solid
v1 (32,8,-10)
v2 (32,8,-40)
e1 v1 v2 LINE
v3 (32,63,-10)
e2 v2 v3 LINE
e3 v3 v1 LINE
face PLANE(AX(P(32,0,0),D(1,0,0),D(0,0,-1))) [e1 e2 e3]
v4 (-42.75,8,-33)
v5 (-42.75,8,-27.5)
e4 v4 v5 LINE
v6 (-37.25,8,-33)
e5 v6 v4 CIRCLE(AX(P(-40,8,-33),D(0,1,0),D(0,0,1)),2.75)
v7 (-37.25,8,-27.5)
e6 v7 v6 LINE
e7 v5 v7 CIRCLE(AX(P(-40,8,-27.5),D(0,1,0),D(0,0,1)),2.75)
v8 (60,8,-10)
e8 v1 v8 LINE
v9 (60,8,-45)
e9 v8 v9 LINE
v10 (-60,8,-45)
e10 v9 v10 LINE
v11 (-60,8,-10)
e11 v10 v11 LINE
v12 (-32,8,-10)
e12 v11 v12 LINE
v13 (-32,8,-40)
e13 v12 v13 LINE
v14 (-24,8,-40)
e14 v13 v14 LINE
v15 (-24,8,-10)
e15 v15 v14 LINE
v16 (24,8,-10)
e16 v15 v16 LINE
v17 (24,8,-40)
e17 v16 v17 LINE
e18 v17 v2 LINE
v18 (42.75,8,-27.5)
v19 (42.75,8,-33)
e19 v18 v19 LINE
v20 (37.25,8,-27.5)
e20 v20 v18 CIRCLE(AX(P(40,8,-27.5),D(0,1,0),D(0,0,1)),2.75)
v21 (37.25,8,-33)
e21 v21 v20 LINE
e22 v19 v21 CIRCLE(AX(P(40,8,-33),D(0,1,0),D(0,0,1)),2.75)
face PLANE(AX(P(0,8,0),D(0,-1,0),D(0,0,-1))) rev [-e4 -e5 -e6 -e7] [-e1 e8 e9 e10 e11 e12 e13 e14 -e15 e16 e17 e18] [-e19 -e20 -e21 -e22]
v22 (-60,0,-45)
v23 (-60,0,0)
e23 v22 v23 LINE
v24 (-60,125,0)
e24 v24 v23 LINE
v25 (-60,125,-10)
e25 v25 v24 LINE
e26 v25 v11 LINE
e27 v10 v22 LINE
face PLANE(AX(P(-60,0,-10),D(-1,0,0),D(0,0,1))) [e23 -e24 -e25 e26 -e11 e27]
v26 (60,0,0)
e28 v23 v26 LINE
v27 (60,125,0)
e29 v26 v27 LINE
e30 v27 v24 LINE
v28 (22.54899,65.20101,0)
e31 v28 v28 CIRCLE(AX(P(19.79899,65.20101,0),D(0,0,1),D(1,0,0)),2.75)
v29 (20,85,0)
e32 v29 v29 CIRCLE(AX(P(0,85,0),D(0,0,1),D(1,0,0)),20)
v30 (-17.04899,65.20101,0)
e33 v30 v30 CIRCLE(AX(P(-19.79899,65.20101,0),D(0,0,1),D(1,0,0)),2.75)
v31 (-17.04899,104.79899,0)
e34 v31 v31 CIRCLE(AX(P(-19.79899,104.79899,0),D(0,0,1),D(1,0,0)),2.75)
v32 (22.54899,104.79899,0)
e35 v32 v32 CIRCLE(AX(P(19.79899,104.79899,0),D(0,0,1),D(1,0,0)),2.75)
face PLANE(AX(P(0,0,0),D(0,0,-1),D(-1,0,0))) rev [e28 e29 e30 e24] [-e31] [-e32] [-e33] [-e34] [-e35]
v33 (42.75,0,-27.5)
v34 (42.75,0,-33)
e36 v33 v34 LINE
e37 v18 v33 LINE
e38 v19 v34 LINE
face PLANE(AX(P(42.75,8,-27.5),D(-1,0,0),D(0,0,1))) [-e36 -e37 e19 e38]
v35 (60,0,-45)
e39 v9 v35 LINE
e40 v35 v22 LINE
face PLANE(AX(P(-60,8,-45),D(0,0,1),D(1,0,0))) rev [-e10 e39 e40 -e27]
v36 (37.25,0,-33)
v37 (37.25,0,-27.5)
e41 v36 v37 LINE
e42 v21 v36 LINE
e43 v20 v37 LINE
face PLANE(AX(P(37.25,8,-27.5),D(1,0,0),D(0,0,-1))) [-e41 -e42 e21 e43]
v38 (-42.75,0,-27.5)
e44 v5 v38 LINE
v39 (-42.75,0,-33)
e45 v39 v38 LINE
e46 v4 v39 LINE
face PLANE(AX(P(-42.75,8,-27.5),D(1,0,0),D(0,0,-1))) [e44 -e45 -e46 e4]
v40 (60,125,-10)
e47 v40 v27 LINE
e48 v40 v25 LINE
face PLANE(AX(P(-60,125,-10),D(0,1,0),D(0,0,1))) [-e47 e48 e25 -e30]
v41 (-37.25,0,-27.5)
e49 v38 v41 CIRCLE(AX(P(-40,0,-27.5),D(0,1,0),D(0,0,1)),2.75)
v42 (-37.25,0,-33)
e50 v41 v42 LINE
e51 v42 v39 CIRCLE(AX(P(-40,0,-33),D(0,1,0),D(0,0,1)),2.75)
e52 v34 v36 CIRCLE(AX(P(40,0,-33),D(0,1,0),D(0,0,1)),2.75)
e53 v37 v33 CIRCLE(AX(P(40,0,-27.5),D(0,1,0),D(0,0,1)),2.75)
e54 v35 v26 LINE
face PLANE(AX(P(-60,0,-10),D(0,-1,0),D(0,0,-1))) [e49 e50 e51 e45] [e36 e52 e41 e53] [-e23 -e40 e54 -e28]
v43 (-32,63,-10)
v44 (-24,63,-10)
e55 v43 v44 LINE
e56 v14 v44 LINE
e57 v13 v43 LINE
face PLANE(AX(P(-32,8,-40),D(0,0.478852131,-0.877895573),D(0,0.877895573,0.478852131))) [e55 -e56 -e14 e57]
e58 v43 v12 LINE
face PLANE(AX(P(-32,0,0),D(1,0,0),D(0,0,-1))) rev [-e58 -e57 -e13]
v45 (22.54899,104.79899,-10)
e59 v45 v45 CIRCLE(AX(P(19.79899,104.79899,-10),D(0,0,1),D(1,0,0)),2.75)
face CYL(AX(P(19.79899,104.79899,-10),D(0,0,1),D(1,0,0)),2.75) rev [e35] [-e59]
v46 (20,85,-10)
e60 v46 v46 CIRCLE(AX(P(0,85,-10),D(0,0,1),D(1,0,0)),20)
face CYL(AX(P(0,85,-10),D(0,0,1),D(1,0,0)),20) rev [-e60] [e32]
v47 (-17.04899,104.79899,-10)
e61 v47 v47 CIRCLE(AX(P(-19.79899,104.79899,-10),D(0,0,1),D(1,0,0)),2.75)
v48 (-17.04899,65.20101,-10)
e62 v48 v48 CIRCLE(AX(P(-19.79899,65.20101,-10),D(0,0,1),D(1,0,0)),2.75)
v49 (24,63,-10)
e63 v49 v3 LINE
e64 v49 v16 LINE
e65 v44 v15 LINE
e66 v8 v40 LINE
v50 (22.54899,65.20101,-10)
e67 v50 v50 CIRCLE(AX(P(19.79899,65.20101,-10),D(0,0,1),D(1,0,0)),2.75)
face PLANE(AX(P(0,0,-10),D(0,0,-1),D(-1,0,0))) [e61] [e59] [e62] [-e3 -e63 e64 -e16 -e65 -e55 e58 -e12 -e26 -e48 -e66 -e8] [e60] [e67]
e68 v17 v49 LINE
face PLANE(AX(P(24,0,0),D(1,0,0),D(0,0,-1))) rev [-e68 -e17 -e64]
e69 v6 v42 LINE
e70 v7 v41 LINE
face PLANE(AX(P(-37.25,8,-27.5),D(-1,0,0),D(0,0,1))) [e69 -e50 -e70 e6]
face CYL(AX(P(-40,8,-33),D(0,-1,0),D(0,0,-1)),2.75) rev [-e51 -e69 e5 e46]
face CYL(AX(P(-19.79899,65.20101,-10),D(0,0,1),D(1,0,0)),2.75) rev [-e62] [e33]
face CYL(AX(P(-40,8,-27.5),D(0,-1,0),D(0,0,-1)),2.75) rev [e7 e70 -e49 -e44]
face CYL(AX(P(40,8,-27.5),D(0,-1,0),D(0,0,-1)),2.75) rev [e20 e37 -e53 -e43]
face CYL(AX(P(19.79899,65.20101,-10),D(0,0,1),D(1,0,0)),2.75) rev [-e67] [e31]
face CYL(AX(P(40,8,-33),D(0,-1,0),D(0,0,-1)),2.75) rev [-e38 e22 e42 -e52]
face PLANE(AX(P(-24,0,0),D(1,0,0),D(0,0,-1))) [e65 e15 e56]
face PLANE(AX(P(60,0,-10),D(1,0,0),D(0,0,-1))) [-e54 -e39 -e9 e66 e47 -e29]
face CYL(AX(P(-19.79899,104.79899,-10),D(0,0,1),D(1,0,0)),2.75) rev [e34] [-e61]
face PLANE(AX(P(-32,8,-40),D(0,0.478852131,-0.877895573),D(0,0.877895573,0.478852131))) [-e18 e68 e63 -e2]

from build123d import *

# Parameters (mm, degrees)
SKETCH_1_W          = 120
SKETCH_1_H          = 125
SKETCH_1_R          = 20
SKETCH_1_R_2        = 2.75
EXTRUDE_1_DEPTH     = 10
SKETCH_2_W          = 120
SKETCH_2_H          = 35
EXTRUDE_3_DEPTH     = 8
EXTRUDE_4_DEPTH     = 32
CUT_EXTRUDE_1_DEPTH = 24


with BuildPart() as part:
    # 草图1 → 凸台-拉伸1 (new body)
    with BuildSketch(Plane.XY):
        with Locations((0, 62.5)):
            Rectangle(SKETCH_1_W, SKETCH_1_H)
        with Locations((0, 85)):
            Circle(SKETCH_1_R, mode=Mode.SUBTRACT)
        with Locations((19.798989873, 104.798989873)):
            Circle(SKETCH_1_R_2, mode=Mode.SUBTRACT)
        with Locations((-19.798989873, 104.798989873)):
            Circle(SKETCH_1_R_2, mode=Mode.SUBTRACT)
        with Locations((-19.798989873, 65.201010127)):
            Circle(SKETCH_1_R_2, mode=Mode.SUBTRACT)
        with Locations((19.798989873, 65.201010127)):
            Circle(SKETCH_1_R_2, mode=Mode.SUBTRACT)
    extrude(amount=-EXTRUDE_1_DEPTH)

    # 草图2 → 凸台-拉伸3 (add)
    with BuildSketch(Plane(origin=(0, 0, 0), x_dir=(1, 0, 0), z_dir=(0, 1, 0))):
        with Locations((0, 27.5)):
            Rectangle(SKETCH_2_W, SKETCH_2_H)
        with BuildLine():
            Line((-42.75, 27.5), (-42.75, 33))
            ThreePointArc((-42.75, 33), (-40, 35.75), (-37.25, 33))
            Line((-37.25, 33), (-37.25, 27.5))
            ThreePointArc((-37.25, 27.5), (-40, 24.75), (-42.75, 27.5))
        make_face(mode=Mode.SUBTRACT)
        with BuildLine():
            Line((37.25, 27.5), (37.25, 33))
            ThreePointArc((37.25, 33), (40, 35.75), (42.75, 33))
            Line((42.75, 33), (42.75, 27.5))
            ThreePointArc((42.75, 27.5), (40, 24.75), (37.25, 27.5))
        make_face(mode=Mode.SUBTRACT)
    extrude(amount=EXTRUDE_3_DEPTH)

    # 草图3 → 凸台-拉伸4 (add, symmetric)
    with BuildSketch(Plane(origin=(0, 0, 0), x_dir=(0, 0, -1), z_dir=(1, 0, 0))):
        Polygon((10, 8), (40, 8), (10, 63), align=None)
    extrude(amount=EXTRUDE_4_DEPTH, both=True)

    # 草图4 → 切除-拉伸1 (cut, symmetric)
    with BuildSketch(Plane(origin=(0, 0, 0), x_dir=(0, 0, -1), z_dir=(1, 0, 0))):
        Polygon((10, 8), (40, 8), (10, 63), align=None)
    extrude(amount=CUT_EXTRUDE_1_DEPTH, both=True, mode=Mode.SUBTRACT)


solid = part.part
